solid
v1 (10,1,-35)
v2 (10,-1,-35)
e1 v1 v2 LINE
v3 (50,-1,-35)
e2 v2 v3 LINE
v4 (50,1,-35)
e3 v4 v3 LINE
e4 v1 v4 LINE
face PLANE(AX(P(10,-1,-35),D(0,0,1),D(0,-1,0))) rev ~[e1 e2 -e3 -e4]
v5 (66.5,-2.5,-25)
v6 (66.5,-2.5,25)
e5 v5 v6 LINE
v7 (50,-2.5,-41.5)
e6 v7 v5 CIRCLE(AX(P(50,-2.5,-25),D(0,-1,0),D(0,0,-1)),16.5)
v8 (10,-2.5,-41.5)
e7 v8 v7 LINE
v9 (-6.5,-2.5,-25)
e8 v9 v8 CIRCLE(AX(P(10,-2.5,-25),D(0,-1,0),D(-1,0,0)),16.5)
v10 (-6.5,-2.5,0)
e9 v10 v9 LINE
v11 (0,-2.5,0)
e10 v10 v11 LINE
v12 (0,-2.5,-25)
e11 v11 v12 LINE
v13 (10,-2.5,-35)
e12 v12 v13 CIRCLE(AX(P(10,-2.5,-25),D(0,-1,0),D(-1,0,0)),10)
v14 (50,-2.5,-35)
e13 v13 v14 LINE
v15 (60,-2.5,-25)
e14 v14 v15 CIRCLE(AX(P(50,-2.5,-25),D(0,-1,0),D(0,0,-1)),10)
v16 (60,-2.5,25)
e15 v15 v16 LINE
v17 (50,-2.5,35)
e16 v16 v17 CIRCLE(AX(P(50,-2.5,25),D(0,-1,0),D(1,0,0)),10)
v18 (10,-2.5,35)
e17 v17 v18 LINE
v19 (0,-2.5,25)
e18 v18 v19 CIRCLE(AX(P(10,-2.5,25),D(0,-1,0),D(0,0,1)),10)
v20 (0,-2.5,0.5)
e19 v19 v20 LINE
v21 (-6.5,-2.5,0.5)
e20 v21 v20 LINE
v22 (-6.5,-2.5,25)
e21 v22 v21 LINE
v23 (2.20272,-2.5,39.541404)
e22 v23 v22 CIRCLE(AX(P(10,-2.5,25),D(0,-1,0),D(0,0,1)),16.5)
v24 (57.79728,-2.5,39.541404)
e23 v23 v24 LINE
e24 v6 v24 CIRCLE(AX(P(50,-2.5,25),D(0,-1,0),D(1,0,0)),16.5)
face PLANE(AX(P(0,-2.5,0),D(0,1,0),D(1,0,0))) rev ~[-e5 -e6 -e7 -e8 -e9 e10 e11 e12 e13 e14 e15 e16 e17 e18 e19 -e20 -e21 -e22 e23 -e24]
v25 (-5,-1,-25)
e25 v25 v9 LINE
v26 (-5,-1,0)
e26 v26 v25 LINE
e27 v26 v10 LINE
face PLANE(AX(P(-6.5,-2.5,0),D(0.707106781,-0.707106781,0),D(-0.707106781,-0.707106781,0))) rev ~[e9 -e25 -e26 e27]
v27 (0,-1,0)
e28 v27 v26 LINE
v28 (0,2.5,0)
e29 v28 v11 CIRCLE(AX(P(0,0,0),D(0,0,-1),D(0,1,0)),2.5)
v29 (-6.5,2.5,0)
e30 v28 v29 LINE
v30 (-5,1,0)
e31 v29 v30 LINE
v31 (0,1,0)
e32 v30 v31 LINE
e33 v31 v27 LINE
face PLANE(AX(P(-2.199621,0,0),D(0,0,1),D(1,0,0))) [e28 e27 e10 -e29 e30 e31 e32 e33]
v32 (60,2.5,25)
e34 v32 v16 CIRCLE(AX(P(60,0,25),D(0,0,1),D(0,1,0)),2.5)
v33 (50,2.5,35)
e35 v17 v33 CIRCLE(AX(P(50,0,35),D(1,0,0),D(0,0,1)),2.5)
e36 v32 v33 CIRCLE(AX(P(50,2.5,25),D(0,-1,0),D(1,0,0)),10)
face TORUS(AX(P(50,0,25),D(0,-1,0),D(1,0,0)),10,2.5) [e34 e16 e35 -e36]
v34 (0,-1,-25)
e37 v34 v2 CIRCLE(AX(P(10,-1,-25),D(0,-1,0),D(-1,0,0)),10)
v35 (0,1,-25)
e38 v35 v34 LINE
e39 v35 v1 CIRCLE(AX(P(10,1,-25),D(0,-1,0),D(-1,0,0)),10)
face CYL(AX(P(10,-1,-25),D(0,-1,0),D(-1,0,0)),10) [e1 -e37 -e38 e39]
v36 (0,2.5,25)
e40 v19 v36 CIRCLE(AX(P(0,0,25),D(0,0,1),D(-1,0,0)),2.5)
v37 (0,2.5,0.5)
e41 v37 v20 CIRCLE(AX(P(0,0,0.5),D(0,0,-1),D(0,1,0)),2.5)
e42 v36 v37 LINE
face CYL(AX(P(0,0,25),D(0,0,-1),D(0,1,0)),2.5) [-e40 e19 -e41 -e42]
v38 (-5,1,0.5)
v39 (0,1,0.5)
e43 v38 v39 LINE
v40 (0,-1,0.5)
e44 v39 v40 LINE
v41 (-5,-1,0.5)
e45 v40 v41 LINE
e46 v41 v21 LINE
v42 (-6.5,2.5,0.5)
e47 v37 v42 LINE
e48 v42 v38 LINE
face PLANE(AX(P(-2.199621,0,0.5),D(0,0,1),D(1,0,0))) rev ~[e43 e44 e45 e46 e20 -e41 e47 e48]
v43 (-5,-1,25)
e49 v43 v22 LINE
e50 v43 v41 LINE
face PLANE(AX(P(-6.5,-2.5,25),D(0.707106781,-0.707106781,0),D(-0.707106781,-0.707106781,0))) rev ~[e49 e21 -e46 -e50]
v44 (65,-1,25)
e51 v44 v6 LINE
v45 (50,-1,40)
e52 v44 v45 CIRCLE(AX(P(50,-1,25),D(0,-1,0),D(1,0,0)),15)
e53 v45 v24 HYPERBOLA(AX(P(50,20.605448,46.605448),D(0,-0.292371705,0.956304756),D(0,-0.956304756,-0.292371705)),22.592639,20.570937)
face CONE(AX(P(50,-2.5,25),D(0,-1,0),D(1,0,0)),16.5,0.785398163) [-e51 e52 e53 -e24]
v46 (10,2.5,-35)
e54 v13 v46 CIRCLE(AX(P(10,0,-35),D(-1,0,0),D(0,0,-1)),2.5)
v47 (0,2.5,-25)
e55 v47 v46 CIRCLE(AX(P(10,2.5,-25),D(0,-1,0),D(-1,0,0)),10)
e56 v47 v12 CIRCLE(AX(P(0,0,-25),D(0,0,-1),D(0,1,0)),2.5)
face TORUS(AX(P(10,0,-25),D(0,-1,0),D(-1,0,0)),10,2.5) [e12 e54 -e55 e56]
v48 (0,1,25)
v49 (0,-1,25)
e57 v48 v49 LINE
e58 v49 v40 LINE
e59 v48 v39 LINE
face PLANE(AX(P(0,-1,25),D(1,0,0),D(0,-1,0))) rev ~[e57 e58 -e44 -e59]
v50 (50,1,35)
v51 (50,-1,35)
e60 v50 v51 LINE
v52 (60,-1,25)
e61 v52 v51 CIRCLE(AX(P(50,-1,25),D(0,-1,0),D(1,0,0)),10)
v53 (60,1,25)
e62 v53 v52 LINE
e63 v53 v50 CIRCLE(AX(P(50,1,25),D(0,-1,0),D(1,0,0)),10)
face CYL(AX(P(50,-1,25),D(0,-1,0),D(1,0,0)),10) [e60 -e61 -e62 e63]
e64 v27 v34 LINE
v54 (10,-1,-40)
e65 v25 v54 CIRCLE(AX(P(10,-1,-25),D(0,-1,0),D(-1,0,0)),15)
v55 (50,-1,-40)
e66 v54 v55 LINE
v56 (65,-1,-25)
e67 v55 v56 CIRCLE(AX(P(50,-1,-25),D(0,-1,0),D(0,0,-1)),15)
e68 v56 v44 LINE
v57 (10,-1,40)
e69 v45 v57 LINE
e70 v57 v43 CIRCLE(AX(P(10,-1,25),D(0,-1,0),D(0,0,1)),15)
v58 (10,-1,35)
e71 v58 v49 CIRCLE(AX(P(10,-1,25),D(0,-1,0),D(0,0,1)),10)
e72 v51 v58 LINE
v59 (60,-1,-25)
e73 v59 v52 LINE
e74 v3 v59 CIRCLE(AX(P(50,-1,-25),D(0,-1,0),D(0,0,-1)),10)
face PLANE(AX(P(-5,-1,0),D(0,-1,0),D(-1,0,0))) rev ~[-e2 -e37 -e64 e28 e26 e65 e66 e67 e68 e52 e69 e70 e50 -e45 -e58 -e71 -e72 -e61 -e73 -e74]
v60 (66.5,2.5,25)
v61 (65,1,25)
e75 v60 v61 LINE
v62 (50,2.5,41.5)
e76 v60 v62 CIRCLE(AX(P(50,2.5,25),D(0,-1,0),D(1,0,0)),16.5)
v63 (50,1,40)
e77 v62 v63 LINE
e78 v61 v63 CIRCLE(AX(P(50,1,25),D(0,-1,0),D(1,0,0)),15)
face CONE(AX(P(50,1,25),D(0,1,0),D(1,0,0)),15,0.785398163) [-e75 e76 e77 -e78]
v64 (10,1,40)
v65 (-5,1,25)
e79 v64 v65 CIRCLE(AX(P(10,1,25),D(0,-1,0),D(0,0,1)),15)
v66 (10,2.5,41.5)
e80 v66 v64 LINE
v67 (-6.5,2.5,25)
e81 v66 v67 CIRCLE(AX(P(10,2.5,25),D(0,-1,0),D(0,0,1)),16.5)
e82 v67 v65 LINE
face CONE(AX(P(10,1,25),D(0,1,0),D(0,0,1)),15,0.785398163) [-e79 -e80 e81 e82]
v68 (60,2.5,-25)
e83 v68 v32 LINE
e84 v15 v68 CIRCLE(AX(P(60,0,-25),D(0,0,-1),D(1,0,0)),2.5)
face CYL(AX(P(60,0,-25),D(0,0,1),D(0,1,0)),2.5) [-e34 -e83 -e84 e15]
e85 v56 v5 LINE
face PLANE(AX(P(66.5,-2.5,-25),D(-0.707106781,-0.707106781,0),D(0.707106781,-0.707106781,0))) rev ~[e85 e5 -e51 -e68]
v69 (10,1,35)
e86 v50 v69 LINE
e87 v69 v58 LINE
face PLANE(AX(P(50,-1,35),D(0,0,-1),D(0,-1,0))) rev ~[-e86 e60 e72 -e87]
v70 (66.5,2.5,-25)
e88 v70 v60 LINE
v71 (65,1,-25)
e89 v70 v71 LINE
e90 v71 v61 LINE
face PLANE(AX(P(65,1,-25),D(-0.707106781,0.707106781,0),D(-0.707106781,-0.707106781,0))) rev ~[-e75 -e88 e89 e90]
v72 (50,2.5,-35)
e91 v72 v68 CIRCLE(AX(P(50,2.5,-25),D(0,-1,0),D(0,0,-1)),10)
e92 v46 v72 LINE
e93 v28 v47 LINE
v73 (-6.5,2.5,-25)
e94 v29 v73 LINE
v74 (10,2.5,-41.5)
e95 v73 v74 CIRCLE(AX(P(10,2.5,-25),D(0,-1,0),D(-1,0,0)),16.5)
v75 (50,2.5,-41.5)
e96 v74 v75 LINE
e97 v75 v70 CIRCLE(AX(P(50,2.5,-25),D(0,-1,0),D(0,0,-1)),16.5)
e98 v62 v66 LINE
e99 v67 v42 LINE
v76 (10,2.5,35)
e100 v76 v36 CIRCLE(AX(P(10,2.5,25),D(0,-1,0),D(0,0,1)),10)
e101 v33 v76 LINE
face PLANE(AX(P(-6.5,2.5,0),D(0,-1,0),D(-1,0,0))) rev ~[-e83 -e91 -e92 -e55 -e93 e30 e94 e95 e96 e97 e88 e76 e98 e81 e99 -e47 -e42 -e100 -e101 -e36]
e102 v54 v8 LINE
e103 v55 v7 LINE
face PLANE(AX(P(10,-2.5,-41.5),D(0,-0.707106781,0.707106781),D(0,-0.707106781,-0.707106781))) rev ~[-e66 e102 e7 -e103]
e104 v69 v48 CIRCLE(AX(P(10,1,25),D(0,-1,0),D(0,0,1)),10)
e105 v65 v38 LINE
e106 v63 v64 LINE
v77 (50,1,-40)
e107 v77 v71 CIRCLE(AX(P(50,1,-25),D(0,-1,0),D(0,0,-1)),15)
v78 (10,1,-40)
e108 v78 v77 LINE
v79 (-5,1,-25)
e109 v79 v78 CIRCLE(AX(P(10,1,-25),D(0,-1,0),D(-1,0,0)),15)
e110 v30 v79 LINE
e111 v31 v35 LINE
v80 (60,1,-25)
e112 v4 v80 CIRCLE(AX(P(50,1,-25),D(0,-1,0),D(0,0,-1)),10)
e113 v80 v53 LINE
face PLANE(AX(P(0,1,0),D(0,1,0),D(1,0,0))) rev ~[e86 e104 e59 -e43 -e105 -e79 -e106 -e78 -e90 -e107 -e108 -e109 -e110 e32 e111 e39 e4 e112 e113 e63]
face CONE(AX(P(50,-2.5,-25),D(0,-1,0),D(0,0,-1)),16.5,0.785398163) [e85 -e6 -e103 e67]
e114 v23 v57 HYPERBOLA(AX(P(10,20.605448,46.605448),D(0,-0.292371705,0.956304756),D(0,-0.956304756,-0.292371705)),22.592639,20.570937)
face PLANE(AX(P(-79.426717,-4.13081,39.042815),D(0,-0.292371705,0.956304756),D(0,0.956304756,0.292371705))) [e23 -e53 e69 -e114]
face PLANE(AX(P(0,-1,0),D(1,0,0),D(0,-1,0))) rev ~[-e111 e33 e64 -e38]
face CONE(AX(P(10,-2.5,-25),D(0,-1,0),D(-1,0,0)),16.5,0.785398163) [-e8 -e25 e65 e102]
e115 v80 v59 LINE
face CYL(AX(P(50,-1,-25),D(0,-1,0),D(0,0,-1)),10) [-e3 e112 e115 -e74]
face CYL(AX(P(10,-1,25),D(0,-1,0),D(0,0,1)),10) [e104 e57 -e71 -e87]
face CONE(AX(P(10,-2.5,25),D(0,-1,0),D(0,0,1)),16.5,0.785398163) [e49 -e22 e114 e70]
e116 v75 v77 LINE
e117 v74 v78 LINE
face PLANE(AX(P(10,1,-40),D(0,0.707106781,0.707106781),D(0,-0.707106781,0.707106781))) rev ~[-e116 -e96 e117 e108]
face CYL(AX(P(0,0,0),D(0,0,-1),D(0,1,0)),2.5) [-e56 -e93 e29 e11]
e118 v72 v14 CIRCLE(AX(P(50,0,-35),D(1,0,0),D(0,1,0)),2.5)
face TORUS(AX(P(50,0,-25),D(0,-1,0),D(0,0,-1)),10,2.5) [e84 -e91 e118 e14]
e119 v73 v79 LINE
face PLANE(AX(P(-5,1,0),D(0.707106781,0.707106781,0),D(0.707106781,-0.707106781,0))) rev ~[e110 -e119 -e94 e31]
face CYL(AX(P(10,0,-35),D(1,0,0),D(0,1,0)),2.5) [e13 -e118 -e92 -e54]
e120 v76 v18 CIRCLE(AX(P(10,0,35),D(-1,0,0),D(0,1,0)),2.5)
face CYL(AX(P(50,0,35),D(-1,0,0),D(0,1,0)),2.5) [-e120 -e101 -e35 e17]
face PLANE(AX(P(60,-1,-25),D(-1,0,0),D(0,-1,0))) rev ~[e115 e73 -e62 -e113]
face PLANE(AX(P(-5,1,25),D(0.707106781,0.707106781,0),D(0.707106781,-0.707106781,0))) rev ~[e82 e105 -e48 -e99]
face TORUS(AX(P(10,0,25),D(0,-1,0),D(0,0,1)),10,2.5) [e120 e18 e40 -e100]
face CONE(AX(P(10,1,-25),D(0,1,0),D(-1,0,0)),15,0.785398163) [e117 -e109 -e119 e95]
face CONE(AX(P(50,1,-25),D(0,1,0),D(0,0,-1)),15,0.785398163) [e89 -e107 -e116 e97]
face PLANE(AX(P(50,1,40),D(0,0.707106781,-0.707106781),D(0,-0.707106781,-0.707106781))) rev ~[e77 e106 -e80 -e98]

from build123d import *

# Parameters (mm, degrees)
ENL_V_MAT_EXTRU_1_DEPTH      = 79.42671739
ENL_V_MAT_EXTRU_1_DEPTH_BACK = 79.42671739


with BuildPart() as part:
    # Balayage1: sweep along a path in Esquisse2
    with BuildLine(Plane(origin=(0, 0, 0), x_dir=(1, 0, 0), z_dir=(0, 1, 0))) as balayage1_path:
        Line((0, 0), (0, 25))
        ThreePointArc((0, 25), (2.928932188, 32.071067812), (10, 35))
        Line((10, 35), (50, 35))
        ThreePointArc((50, 35), (57.071067812, 32.071067812), (60, 25))
        Line((60, 25), (60, -25))
        ThreePointArc((60, -25), (57.071067812, -32.071067812), (50, -35))
        Line((50, -35), (10, -35))
        ThreePointArc((10, -35), (2.928932188, -32.071067812), (0, -25))
        Line((0, -25), (0, -0.5))
    # Esquisse1 → Balayage1 (sweep)
    with BuildSketch(Plane.XY):
        with BuildLine():
            Line((0, -1), (0, 1))
            Line((0, 1), (-5, 1))
            Line((-5, 1), (-6.5, 2.5))
            Line((-6.5, 2.5), (0, 2.5))
            ThreePointArc((0, 2.5), (2.5, 0), (0, -2.5))
            Line((0, -2.5), (-6.5, -2.5))
            Line((-6.5, -2.5), (-5, -1))
            Line((-5, -1), (0, -1))
        make_face()
    sweep(path=balayage1_path.line)

    # Esquisse3 → Enlèv. mat.-Extru.1 (cut, two sides: drawn at the far end of the back side and taken through both)
    with BuildSketch(Plane(origin=(0, 0, 0), x_dir=(0, 0, -1), z_dir=(1, 0, 0)).offset(-ENL_V_MAT_EXTRU_1_DEPTH_BACK)):
        Polygon((-40, -1), (-43.95658592, -1), (-43.95658592, -4.130810218), (-39.042815259, -4.130810218), align=None)
    extrude(amount=ENL_V_MAT_EXTRU_1_DEPTH + ENL_V_MAT_EXTRU_1_DEPTH_BACK, mode=Mode.SUBTRACT)


solid = part.part
